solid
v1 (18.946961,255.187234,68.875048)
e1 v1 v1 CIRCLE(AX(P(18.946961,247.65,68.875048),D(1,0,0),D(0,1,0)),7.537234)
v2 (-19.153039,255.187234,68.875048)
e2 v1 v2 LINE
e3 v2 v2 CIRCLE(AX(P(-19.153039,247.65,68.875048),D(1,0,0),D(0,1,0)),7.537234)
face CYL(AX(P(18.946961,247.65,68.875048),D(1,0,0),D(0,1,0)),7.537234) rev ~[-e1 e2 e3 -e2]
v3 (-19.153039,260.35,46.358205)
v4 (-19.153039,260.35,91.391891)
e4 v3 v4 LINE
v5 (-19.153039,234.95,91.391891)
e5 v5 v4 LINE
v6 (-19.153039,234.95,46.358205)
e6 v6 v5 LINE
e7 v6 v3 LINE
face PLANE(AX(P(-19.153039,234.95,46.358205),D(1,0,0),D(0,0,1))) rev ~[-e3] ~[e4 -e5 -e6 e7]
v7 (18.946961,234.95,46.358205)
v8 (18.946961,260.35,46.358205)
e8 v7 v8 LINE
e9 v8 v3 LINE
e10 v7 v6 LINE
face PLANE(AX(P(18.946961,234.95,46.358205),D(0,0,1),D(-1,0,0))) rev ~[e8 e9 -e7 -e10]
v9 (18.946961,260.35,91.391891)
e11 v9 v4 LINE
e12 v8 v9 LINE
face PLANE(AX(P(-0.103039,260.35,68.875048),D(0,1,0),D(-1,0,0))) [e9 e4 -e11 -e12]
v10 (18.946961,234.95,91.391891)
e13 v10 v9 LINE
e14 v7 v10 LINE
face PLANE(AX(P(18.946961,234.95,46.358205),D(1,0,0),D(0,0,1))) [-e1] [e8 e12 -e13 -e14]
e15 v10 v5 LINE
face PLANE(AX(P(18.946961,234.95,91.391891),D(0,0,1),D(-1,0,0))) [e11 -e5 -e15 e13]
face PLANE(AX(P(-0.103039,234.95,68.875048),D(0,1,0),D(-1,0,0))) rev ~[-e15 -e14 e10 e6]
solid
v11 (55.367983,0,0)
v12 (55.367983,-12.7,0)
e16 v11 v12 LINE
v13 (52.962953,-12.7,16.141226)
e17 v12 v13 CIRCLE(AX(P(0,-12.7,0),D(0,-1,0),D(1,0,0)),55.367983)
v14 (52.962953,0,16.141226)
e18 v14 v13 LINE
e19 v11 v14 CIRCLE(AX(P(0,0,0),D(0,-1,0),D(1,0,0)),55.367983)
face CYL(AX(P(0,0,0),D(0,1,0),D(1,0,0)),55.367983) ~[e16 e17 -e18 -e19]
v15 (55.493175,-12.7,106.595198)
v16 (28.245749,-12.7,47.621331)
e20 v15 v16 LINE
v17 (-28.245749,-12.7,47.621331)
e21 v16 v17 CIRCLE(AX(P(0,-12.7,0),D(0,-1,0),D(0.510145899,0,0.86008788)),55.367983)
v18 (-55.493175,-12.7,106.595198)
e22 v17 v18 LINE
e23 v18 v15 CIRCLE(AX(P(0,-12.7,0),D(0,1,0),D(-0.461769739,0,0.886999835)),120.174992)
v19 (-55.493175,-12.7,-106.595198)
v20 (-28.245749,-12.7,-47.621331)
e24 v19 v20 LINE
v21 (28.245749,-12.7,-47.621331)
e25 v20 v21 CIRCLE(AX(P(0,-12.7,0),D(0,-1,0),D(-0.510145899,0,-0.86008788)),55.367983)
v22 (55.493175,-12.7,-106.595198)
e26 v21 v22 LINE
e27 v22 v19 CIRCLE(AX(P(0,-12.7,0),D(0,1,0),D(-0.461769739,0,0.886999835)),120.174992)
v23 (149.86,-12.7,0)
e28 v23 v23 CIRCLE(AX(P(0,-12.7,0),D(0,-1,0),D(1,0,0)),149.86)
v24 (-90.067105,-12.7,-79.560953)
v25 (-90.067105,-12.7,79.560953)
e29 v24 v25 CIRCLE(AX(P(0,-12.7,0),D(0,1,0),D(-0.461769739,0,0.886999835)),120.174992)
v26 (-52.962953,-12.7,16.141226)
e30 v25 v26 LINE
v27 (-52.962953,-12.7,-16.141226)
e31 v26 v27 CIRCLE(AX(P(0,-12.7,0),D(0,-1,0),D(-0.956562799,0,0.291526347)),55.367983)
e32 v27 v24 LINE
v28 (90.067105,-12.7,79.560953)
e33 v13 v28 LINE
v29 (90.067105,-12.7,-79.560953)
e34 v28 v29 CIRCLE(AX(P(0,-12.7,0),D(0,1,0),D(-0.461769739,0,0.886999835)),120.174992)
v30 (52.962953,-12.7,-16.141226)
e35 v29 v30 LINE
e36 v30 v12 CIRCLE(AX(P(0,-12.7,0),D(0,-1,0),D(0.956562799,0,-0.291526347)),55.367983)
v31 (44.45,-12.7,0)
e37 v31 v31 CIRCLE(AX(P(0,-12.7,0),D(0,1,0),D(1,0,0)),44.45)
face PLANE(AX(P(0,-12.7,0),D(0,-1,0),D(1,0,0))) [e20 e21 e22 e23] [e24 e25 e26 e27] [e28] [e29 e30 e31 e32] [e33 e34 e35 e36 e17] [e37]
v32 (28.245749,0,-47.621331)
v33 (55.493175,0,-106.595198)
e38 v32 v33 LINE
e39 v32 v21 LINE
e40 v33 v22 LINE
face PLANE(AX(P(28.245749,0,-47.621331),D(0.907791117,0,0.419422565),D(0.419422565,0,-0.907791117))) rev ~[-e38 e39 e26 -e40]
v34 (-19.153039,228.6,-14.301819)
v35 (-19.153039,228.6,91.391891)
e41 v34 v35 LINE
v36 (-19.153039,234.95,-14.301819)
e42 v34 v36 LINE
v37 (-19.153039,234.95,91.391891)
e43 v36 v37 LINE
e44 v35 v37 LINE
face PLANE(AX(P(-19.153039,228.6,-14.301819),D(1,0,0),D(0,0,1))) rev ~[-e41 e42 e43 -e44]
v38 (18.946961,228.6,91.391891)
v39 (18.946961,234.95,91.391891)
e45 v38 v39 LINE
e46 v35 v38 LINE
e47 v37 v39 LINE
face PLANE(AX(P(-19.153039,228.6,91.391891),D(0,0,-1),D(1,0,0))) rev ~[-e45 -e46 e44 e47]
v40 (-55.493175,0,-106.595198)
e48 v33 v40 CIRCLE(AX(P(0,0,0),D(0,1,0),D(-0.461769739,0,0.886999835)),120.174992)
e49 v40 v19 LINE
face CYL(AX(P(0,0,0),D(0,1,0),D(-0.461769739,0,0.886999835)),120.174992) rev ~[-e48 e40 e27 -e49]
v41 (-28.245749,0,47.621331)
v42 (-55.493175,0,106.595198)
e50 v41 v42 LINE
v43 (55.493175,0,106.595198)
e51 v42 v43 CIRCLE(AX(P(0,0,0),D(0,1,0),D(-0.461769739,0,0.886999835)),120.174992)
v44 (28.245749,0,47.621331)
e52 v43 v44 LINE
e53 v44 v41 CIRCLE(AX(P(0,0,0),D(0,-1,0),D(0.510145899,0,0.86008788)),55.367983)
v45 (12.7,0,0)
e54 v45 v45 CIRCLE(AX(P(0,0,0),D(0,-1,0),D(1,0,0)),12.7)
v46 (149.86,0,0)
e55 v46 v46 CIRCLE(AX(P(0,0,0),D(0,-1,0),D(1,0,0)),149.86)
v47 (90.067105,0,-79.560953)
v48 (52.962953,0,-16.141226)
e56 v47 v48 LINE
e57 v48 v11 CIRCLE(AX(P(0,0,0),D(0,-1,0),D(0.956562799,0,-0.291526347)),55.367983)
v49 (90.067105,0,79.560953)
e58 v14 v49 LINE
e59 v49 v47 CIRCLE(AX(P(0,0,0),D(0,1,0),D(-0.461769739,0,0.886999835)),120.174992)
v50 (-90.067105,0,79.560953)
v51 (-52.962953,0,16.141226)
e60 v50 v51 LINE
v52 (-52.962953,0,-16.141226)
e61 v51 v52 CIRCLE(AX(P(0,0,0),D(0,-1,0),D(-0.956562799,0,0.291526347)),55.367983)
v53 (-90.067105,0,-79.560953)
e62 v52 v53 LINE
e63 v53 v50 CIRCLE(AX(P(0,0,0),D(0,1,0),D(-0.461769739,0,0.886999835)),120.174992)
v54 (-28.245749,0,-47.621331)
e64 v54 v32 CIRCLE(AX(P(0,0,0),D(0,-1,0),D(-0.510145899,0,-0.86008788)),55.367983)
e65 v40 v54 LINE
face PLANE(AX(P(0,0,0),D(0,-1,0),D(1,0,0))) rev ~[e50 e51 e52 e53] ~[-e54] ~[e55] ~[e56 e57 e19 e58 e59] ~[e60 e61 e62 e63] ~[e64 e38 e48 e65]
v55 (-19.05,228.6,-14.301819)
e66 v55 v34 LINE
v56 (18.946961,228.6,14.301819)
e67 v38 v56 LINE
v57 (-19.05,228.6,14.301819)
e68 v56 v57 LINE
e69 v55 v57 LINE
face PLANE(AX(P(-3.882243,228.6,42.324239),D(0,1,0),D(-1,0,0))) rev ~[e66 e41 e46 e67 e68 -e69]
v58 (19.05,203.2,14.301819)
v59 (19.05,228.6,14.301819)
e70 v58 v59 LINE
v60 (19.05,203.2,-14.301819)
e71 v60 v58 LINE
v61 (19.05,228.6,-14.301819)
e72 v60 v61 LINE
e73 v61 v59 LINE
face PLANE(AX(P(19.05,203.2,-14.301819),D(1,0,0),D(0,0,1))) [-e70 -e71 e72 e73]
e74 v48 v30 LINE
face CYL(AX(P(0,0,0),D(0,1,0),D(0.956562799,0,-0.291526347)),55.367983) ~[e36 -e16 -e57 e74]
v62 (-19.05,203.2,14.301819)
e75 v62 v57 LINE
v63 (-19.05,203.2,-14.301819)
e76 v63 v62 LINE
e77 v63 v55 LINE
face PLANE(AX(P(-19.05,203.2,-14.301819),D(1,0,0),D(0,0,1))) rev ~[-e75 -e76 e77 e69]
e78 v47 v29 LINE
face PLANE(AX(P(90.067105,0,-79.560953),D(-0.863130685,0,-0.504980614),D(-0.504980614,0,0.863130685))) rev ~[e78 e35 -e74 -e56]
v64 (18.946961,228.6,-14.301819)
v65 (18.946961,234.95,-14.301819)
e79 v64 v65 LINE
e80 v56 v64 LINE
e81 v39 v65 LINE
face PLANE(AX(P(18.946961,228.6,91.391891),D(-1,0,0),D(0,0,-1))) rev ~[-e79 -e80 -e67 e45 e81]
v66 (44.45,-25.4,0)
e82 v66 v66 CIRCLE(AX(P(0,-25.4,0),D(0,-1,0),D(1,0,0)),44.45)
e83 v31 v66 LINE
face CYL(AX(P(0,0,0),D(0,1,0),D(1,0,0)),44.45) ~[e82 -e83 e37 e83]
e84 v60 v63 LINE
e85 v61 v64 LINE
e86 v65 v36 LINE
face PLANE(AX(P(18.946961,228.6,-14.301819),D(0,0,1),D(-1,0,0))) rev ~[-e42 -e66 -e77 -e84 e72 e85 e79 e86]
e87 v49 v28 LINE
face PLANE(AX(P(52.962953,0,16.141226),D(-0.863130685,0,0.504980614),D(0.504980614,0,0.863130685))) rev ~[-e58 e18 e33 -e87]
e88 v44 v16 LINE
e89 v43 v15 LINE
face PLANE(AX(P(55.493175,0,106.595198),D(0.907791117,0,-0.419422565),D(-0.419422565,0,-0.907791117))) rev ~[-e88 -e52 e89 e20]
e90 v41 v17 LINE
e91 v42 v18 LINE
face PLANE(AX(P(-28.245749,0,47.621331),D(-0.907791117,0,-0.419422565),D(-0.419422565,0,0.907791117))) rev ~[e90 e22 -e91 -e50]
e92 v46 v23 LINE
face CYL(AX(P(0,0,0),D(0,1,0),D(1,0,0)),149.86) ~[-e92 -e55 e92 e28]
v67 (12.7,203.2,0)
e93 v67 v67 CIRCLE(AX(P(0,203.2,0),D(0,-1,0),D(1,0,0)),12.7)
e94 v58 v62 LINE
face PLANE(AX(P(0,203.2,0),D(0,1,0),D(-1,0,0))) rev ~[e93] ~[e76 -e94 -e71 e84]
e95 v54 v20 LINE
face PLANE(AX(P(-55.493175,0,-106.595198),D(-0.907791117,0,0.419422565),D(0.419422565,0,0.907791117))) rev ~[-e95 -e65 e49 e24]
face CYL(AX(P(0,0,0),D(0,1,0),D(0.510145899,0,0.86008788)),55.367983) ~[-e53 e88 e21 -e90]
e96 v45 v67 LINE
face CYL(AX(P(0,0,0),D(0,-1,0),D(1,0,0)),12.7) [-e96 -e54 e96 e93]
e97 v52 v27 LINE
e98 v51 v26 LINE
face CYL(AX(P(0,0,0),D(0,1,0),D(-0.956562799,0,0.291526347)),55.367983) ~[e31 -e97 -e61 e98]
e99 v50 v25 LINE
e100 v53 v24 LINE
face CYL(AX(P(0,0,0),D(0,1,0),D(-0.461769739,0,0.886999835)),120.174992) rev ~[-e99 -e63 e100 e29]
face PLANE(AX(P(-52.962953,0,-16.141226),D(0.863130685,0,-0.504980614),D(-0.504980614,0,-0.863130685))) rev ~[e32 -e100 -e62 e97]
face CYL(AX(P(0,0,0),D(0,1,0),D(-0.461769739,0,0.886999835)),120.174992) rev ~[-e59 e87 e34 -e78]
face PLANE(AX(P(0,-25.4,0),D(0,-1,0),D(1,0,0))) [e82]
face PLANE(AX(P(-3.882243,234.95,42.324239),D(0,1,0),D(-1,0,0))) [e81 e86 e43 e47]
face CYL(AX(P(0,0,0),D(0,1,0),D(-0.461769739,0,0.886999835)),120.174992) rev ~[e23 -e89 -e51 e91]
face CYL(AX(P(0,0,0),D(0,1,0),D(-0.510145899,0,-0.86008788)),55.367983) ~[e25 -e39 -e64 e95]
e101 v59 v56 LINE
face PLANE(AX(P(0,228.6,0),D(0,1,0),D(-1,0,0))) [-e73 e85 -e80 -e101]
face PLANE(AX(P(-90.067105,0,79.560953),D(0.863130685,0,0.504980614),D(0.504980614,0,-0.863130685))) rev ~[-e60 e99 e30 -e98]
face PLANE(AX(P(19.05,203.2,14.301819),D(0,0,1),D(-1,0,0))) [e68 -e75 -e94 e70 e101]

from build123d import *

# Parameters (mm, degrees)
F0_R      = 149.86
F0_R_2    = 26.648736698
F1_DEPTH  = 12.7
F2_R      = 44.45
F3_DEPTH  = 25.4
F4_R      = 12.7
F5_DEPTH  = 203.2
F6_W      = 38.1
F6_H      = 28.603638758
F6_R      = 12.7
F7_DEPTH  = 25.4
F8_W      = 37.9969605684
F8_H      = 28.603638758
F9_DEPTH  = 6.35
F10_W     = 38.1
F10_H     = 45.033685863
F11_DEPTH = 25.4
F12_R     = 7.5372344928
F13_DEPTH = 44.196


with BuildPart() as f1:
    # F0 (on Front) → F1 (new body)
    with BuildSketch(Plane.XZ):
        Circle(F0_R)
        with BuildLine():
            ThreePointArc((90.0671052077, 79.5609525029), (112.3962682088, 42.5336043194), (120.17499159, 0))
            ThreePointArc((120.17499159, 0), (112.3962682088, -42.5336043194), (90.0671052077, -79.5609525029))
            ThreePointArc((90.0671052077, -79.5609525029), (74.0247348127, -94.66977997), (55.4931745404, -106.5951977487))
            ThreePointArc((55.4931745404, -106.5951977487), (0, -120.17499159), (-55.4931745404, -106.5951977487))
            ThreePointArc((-55.4931745404, -106.5951977487), (-74.0247348127, -94.66977997), (-90.0671052077, -79.5609525029))
            ThreePointArc((-90.0671052077, -79.5609525029), (-120.17499159, 0), (-90.0671052077, 79.5609525029))
            ThreePointArc((-90.0671052077, 79.5609525029), (-74.0247348127, 94.66977997), (-55.4931745404, 106.5951977487))
            ThreePointArc((-55.4931745404, 106.5951977487), (0, 120.17499159), (55.4931745404, 106.5951977487))
            ThreePointArc((55.4931745404, 106.5951977487), (74.0247348127, 94.66977997), (90.0671052077, 79.5609525029))
        make_face(mode=Mode.SUBTRACT)
        with BuildLine():
            ThreePointArc((55.3679829909, 0), (54.7634248849, 8.1597080434), (52.9629527999, 16.1412258268))
            ThreePointArc((52.9629527999, 16.1412258268), (43.5483936402, 34.1928494255), (28.2457494791, 47.6213311116))
            ThreePointArc((28.2457494791, 47.6213311116), (0, 55.3679829909), (-28.2457494791, 47.6213311116))
            ThreePointArc((-28.2457494791, 47.6213311116), (-43.5483936402, 34.1928494255), (-52.9629527999, 16.1412258268))
            ThreePointArc((-52.9629527999, 16.1412258268), (-55.3679829909, 0), (-52.9629527999, -16.1412258268))
            ThreePointArc((-52.9629527999, -16.1412258268), (-43.5483936402, -34.1928494255), (-28.2457494791, -47.6213311116))
            ThreePointArc((-28.2457494791, -47.6213311116), (0, -55.3679829909), (28.2457494791, -47.6213311116))
            ThreePointArc((28.2457494791, -47.6213311116), (43.5483936402, -34.1928494255), (52.9629527999, -16.1412258268))
            ThreePointArc((52.9629527999, -16.1412258268), (54.7634248849, -8.1597080434), (55.3679829909, 0))
        make_face()
        Circle(F0_R_2, mode=Mode.SUBTRACT)
        with BuildLine():
            Line((-28.2457494791, 47.6213311116), (-55.4931745404, 106.5951977487))
            ThreePointArc((-55.4931745404, 106.5951977487), (-74.0247348127, 94.66977997), (-90.0671052077, 79.5609525029))
            Line((-90.0671052077, 79.5609525029), (-52.9629527999, 16.1412258268))
            ThreePointArc((-52.9629527999, 16.1412258268), (-43.5483936402, 34.1928494255), (-28.2457494791, 47.6213311116))
        make_face()
        with BuildLine():
            ThreePointArc((-90.0671052077, -79.5609525029), (-74.0247348127, -94.66977997), (-55.4931745404, -106.5951977487))
            Line((-55.4931745404, -106.5951977487), (-28.2457494791, -47.6213311116))
            ThreePointArc((-28.2457494791, -47.6213311116), (-43.5483936402, -34.1928494255), (-52.9629527999, -16.1412258268))
            Line((-52.9629527999, -16.1412258268), (-90.0671052077, -79.5609525029))
        make_face()
        with BuildLine():
            ThreePointArc((55.4931745404, -106.5951977487), (74.0247348127, -94.66977997), (90.0671052077, -79.5609525029))
            Line((90.0671052077, -79.5609525029), (52.9629527999, -16.1412258268))
            ThreePointArc((52.9629527999, -16.1412258268), (43.5483936402, -34.1928494255), (28.2457494791, -47.6213311116))
            Line((28.2457494791, -47.6213311116), (55.4931745404, -106.5951977487))
        make_face()
        with BuildLine():
            Line((52.9629527999, 16.1412258268), (90.0671052077, 79.5609525029))
            ThreePointArc((90.0671052077, 79.5609525029), (74.0247348127, 94.66977997), (55.4931745404, 106.5951977487))
            Line((55.4931745404, 106.5951977487), (28.2457494791, 47.6213311116))
            ThreePointArc((28.2457494791, 47.6213311116), (43.5483936402, 34.1928494255), (52.9629527999, 16.1412258268))
        make_face()
    extrude(amount=F1_DEPTH)

    # F2 (on Front) → F3 (join)
    with BuildSketch(Plane.XZ):
        Circle(F2_R)
    extrude(amount=F3_DEPTH)

    # F4 (on Front) → F5 (join)
    with BuildSketch(Plane.XZ):
        Circle(F4_R)
    extrude(amount=-F5_DEPTH)

    # F6 (on face) → F7 (join)
    with BuildSketch(Plane(origin=(0, 203.2, 0), x_dir=(-1, 0, 0), z_dir=(0, 1, 0))):
        Rectangle(F6_W, F6_H)
        Circle(F6_R, mode=Mode.SUBTRACT)
        Circle(F6_R)
    extrude(amount=F7_DEPTH)

    # F8 (on face) → F9 (join)
    with BuildSketch(Plane(origin=(0, 228.6, 0), x_dir=(-1, 0, 0), z_dir=(0, 1, 0))):
        Polygon((19.05, 14.301819379), (19.05, -14.301819379), (19.1530394316, -14.301819379), (19.1530394316, 91.3918912411), (-18.9469605684, 91.3918912411), (-18.9469605684, 14.301819379), align=None)
        with Locations((0.0515197158, 0)):
            Rectangle(F8_W, F8_H)
    extrude(amount=F9_DEPTH)


with BuildPart() as f11:
    # F10 (on face) → F11 (new body)
    with BuildSketch(Plane(origin=(0, 234.95, 0), x_dir=(-1, 0, 0), z_dir=(0, 1, 0))):
        with Locations((0.1030394316, 68.8750483096)):
            Rectangle(F10_W, F10_H)
    extrude(amount=F11_DEPTH)

    # F12 (on face) → F13 (cut)
    with BuildSketch(Plane.YZ.offset(18.9469605684)):
        with Locations((247.65, 68.8750483096)):
            Circle(F12_R)
    extrude(amount=-F13_DEPTH, mode=Mode.SUBTRACT)


solid = Compound([f1.part, f11.part])
